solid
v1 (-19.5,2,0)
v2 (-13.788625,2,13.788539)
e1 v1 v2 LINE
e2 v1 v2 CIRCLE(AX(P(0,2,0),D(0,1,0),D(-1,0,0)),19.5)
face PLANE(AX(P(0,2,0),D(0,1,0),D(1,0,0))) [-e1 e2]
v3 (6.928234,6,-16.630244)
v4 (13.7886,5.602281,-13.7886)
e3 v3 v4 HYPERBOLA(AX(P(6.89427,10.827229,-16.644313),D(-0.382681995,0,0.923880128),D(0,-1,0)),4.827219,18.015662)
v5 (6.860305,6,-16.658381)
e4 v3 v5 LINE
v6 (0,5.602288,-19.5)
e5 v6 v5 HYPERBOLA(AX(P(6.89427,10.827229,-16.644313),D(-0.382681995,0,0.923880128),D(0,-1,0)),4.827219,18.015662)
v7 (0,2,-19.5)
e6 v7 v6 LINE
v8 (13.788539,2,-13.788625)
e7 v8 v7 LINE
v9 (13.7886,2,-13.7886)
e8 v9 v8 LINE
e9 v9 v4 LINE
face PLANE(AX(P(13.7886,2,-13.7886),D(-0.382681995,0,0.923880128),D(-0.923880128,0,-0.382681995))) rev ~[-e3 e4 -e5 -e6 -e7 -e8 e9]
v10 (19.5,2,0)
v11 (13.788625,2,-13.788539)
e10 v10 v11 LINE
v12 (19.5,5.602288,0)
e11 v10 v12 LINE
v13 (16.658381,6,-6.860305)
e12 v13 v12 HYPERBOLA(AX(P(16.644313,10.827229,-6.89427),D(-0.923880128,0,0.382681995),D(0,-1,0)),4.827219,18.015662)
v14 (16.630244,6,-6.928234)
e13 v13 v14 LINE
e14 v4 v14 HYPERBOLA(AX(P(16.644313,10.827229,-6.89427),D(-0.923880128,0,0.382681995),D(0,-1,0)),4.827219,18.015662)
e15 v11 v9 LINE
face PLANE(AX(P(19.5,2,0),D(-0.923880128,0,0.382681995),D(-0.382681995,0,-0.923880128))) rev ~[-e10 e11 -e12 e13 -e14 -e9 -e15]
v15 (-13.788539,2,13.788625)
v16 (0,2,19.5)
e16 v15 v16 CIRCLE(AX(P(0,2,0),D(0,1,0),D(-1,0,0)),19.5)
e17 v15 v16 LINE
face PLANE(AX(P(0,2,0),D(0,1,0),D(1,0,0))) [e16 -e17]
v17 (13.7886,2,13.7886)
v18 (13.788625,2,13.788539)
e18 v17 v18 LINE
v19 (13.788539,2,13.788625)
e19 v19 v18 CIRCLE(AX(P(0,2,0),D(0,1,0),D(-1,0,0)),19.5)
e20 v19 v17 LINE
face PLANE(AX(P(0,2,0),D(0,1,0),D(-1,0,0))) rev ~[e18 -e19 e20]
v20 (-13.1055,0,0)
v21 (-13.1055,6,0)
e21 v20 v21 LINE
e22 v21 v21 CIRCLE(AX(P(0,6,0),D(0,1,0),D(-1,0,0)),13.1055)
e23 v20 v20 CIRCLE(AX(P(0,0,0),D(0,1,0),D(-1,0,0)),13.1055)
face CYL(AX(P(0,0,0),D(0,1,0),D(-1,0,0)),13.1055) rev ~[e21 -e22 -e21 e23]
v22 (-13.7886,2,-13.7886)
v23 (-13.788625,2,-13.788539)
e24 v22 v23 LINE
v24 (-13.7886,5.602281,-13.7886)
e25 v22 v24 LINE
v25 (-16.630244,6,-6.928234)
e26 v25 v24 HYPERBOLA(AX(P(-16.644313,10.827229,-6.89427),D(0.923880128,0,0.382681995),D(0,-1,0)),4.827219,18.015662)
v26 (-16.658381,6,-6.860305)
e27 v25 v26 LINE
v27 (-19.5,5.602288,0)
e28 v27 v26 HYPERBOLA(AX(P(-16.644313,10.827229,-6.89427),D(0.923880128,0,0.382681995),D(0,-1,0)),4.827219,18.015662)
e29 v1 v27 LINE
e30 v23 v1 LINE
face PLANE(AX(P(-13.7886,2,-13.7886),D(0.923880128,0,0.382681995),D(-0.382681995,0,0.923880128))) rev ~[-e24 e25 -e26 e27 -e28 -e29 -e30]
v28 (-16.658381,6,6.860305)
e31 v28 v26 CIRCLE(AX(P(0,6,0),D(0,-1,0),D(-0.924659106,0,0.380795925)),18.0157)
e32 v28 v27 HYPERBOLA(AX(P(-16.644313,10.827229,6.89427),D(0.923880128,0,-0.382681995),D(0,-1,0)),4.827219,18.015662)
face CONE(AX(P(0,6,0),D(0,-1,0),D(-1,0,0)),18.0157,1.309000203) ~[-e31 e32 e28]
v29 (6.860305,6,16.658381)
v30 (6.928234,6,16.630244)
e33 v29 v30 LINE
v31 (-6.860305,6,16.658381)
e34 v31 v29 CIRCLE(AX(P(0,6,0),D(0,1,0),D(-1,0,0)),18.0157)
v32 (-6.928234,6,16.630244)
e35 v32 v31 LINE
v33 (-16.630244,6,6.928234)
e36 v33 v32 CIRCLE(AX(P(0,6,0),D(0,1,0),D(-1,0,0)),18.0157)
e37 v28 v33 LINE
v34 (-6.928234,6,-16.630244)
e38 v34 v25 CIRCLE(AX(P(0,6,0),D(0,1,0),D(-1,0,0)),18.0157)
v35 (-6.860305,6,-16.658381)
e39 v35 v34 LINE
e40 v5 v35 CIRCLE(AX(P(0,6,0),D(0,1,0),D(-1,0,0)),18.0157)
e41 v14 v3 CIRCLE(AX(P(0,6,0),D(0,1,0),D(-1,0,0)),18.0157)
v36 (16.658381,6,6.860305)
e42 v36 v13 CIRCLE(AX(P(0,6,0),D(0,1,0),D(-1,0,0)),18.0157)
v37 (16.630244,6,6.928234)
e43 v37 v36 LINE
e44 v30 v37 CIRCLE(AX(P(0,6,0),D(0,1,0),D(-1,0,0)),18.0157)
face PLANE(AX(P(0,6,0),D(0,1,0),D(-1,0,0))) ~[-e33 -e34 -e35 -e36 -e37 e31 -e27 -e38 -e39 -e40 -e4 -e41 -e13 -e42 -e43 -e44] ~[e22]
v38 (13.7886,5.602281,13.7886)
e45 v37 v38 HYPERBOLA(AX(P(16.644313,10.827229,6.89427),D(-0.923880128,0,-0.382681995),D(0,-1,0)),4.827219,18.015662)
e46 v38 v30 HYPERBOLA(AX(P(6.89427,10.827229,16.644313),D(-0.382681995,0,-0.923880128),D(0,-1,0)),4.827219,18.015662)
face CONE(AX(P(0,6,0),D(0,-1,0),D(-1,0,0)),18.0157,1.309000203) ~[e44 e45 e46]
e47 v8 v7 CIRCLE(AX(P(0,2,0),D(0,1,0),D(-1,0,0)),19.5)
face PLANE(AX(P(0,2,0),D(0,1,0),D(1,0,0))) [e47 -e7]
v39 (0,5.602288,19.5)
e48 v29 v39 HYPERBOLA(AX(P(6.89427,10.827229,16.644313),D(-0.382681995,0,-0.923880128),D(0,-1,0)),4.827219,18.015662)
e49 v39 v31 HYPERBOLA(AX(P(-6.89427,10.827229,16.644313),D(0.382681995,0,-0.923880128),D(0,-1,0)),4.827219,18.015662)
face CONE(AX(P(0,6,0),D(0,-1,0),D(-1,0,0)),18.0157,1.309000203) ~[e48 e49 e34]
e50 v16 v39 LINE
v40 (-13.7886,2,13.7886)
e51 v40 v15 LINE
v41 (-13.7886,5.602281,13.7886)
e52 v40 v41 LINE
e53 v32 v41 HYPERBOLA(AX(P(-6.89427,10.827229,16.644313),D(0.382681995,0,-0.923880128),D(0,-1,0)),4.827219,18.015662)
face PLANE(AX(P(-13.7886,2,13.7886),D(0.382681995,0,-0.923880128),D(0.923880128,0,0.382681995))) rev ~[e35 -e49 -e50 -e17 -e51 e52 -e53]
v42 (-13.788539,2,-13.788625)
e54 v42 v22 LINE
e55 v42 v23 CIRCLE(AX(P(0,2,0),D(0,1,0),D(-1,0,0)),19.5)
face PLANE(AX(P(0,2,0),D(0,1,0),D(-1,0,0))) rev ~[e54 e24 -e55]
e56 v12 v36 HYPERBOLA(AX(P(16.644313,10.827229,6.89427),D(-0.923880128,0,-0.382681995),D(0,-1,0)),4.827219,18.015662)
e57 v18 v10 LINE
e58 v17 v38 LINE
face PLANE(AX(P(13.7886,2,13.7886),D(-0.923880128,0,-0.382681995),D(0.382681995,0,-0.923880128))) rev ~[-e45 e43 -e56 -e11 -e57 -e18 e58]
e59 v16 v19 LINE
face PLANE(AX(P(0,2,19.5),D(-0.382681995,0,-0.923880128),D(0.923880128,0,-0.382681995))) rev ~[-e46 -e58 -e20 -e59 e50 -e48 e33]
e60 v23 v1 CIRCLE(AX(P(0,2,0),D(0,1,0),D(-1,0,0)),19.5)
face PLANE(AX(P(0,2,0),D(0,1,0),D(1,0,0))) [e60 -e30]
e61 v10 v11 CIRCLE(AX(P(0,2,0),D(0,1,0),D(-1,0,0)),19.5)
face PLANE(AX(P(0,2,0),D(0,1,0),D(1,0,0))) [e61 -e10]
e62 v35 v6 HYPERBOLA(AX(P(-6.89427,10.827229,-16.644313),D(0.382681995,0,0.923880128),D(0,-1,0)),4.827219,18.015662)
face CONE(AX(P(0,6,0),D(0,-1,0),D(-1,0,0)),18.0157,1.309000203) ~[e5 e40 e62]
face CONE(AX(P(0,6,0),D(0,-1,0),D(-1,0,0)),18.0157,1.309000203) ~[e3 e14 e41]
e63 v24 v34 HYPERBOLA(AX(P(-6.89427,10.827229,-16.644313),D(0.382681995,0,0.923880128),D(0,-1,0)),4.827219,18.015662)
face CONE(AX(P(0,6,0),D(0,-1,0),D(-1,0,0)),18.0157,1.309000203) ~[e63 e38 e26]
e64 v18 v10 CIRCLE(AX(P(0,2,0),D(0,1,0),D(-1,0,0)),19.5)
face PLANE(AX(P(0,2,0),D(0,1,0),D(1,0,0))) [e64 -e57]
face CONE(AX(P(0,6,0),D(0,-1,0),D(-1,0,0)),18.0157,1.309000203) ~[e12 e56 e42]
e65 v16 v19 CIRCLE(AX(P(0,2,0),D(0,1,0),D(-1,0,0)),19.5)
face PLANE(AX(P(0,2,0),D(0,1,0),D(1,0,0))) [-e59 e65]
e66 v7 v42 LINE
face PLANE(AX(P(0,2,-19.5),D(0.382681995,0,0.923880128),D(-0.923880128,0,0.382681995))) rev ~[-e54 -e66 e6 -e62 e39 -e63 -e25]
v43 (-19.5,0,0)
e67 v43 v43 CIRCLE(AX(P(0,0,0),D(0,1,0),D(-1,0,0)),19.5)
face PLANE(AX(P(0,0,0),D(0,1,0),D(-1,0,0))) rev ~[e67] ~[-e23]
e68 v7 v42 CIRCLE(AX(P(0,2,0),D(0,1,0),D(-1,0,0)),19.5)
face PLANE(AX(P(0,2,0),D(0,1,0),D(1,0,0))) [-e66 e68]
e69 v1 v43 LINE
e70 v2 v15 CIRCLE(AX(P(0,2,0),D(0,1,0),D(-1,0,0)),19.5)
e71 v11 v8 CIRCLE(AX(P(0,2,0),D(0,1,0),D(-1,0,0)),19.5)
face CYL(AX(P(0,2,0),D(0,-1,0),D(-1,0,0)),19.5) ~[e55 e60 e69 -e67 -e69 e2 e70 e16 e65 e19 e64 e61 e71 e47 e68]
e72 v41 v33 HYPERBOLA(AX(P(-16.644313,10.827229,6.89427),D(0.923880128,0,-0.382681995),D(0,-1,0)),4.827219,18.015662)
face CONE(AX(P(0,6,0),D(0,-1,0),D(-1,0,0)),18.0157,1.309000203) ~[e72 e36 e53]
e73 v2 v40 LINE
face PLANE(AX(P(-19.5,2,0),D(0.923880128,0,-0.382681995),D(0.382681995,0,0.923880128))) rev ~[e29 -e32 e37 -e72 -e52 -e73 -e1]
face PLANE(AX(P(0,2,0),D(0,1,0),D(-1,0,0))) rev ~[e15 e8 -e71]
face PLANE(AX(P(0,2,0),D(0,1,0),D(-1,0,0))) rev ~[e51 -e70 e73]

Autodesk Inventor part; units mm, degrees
sketch "Sketch_1" plane through (0, 0, 0) normal (0, 0, 1) x (1, 0, 0)
  line L0 (0, 4) -> (0, 0)
  line L1 (-23.4, 4.5573) -> (-23.4, 2)
  line L2 (-23.4, 2) -> (-19.5, 2)
  line L3 (-19.5, 2) -> (-19.5, 0)
  line L4 (-19.5, 0) -> (-13.1055, 0)
  line L5 (-13.1055, 0) -> (-13.1055, 6)
  line L6 (-13.1055, 6) -> (-18.0157, 6)
  line L7 (-18.0157, 6) -> (-23.4, 4.5573)
revolve "Revolution1" add sketch "Sketch_1" angle 360 about axis through (0, 4, 0) along (0, 1, 0)
thread "Thread1" size "M30x3.5" class "6H" standard "ISO Metric profile" full length
sketch "Sketch_4" plane through (0, 2, 0) normal (0, 1, 0) x (1, 0, 0)
  circle A0 centre (0, 0) radius 50
  line L0 (-19.5, 0) -> (-13.7886, -13.7886)
  line L1 (-13.7886, -13.7886) -> (0, -19.5)
  line L2 (0, -19.5) -> (13.7886, -13.7886)
  line L3 (13.7886, -13.7886) -> (19.5, 0)
  line L4 (19.5, 0) -> (13.7886, 13.7886)
  line L5 (13.7886, 13.7886) -> (0, 19.5)
  line L6 (0, 19.5) -> (-13.7886, 13.7886)
  line L7 (-13.7886, 13.7886) -> (-19.5, 0)
extrude "Extrusion1" cut sketch "Sketch_4" along normal blind 4
ref_plane "nut_body_XY" through (0, 0, 0) normal (0, -1, 0) x (1, 0, 0)
ref_plane "nut_body_YZ" through (0, 0, 0) normal (1, 0, 0) x (0, 0, 1)
ref_plane "nut_body_ZX" through (0, 0, 0) normal (0, 0, 1) x (0, -1, 0)
properties part number "AP100_30_NUT"
